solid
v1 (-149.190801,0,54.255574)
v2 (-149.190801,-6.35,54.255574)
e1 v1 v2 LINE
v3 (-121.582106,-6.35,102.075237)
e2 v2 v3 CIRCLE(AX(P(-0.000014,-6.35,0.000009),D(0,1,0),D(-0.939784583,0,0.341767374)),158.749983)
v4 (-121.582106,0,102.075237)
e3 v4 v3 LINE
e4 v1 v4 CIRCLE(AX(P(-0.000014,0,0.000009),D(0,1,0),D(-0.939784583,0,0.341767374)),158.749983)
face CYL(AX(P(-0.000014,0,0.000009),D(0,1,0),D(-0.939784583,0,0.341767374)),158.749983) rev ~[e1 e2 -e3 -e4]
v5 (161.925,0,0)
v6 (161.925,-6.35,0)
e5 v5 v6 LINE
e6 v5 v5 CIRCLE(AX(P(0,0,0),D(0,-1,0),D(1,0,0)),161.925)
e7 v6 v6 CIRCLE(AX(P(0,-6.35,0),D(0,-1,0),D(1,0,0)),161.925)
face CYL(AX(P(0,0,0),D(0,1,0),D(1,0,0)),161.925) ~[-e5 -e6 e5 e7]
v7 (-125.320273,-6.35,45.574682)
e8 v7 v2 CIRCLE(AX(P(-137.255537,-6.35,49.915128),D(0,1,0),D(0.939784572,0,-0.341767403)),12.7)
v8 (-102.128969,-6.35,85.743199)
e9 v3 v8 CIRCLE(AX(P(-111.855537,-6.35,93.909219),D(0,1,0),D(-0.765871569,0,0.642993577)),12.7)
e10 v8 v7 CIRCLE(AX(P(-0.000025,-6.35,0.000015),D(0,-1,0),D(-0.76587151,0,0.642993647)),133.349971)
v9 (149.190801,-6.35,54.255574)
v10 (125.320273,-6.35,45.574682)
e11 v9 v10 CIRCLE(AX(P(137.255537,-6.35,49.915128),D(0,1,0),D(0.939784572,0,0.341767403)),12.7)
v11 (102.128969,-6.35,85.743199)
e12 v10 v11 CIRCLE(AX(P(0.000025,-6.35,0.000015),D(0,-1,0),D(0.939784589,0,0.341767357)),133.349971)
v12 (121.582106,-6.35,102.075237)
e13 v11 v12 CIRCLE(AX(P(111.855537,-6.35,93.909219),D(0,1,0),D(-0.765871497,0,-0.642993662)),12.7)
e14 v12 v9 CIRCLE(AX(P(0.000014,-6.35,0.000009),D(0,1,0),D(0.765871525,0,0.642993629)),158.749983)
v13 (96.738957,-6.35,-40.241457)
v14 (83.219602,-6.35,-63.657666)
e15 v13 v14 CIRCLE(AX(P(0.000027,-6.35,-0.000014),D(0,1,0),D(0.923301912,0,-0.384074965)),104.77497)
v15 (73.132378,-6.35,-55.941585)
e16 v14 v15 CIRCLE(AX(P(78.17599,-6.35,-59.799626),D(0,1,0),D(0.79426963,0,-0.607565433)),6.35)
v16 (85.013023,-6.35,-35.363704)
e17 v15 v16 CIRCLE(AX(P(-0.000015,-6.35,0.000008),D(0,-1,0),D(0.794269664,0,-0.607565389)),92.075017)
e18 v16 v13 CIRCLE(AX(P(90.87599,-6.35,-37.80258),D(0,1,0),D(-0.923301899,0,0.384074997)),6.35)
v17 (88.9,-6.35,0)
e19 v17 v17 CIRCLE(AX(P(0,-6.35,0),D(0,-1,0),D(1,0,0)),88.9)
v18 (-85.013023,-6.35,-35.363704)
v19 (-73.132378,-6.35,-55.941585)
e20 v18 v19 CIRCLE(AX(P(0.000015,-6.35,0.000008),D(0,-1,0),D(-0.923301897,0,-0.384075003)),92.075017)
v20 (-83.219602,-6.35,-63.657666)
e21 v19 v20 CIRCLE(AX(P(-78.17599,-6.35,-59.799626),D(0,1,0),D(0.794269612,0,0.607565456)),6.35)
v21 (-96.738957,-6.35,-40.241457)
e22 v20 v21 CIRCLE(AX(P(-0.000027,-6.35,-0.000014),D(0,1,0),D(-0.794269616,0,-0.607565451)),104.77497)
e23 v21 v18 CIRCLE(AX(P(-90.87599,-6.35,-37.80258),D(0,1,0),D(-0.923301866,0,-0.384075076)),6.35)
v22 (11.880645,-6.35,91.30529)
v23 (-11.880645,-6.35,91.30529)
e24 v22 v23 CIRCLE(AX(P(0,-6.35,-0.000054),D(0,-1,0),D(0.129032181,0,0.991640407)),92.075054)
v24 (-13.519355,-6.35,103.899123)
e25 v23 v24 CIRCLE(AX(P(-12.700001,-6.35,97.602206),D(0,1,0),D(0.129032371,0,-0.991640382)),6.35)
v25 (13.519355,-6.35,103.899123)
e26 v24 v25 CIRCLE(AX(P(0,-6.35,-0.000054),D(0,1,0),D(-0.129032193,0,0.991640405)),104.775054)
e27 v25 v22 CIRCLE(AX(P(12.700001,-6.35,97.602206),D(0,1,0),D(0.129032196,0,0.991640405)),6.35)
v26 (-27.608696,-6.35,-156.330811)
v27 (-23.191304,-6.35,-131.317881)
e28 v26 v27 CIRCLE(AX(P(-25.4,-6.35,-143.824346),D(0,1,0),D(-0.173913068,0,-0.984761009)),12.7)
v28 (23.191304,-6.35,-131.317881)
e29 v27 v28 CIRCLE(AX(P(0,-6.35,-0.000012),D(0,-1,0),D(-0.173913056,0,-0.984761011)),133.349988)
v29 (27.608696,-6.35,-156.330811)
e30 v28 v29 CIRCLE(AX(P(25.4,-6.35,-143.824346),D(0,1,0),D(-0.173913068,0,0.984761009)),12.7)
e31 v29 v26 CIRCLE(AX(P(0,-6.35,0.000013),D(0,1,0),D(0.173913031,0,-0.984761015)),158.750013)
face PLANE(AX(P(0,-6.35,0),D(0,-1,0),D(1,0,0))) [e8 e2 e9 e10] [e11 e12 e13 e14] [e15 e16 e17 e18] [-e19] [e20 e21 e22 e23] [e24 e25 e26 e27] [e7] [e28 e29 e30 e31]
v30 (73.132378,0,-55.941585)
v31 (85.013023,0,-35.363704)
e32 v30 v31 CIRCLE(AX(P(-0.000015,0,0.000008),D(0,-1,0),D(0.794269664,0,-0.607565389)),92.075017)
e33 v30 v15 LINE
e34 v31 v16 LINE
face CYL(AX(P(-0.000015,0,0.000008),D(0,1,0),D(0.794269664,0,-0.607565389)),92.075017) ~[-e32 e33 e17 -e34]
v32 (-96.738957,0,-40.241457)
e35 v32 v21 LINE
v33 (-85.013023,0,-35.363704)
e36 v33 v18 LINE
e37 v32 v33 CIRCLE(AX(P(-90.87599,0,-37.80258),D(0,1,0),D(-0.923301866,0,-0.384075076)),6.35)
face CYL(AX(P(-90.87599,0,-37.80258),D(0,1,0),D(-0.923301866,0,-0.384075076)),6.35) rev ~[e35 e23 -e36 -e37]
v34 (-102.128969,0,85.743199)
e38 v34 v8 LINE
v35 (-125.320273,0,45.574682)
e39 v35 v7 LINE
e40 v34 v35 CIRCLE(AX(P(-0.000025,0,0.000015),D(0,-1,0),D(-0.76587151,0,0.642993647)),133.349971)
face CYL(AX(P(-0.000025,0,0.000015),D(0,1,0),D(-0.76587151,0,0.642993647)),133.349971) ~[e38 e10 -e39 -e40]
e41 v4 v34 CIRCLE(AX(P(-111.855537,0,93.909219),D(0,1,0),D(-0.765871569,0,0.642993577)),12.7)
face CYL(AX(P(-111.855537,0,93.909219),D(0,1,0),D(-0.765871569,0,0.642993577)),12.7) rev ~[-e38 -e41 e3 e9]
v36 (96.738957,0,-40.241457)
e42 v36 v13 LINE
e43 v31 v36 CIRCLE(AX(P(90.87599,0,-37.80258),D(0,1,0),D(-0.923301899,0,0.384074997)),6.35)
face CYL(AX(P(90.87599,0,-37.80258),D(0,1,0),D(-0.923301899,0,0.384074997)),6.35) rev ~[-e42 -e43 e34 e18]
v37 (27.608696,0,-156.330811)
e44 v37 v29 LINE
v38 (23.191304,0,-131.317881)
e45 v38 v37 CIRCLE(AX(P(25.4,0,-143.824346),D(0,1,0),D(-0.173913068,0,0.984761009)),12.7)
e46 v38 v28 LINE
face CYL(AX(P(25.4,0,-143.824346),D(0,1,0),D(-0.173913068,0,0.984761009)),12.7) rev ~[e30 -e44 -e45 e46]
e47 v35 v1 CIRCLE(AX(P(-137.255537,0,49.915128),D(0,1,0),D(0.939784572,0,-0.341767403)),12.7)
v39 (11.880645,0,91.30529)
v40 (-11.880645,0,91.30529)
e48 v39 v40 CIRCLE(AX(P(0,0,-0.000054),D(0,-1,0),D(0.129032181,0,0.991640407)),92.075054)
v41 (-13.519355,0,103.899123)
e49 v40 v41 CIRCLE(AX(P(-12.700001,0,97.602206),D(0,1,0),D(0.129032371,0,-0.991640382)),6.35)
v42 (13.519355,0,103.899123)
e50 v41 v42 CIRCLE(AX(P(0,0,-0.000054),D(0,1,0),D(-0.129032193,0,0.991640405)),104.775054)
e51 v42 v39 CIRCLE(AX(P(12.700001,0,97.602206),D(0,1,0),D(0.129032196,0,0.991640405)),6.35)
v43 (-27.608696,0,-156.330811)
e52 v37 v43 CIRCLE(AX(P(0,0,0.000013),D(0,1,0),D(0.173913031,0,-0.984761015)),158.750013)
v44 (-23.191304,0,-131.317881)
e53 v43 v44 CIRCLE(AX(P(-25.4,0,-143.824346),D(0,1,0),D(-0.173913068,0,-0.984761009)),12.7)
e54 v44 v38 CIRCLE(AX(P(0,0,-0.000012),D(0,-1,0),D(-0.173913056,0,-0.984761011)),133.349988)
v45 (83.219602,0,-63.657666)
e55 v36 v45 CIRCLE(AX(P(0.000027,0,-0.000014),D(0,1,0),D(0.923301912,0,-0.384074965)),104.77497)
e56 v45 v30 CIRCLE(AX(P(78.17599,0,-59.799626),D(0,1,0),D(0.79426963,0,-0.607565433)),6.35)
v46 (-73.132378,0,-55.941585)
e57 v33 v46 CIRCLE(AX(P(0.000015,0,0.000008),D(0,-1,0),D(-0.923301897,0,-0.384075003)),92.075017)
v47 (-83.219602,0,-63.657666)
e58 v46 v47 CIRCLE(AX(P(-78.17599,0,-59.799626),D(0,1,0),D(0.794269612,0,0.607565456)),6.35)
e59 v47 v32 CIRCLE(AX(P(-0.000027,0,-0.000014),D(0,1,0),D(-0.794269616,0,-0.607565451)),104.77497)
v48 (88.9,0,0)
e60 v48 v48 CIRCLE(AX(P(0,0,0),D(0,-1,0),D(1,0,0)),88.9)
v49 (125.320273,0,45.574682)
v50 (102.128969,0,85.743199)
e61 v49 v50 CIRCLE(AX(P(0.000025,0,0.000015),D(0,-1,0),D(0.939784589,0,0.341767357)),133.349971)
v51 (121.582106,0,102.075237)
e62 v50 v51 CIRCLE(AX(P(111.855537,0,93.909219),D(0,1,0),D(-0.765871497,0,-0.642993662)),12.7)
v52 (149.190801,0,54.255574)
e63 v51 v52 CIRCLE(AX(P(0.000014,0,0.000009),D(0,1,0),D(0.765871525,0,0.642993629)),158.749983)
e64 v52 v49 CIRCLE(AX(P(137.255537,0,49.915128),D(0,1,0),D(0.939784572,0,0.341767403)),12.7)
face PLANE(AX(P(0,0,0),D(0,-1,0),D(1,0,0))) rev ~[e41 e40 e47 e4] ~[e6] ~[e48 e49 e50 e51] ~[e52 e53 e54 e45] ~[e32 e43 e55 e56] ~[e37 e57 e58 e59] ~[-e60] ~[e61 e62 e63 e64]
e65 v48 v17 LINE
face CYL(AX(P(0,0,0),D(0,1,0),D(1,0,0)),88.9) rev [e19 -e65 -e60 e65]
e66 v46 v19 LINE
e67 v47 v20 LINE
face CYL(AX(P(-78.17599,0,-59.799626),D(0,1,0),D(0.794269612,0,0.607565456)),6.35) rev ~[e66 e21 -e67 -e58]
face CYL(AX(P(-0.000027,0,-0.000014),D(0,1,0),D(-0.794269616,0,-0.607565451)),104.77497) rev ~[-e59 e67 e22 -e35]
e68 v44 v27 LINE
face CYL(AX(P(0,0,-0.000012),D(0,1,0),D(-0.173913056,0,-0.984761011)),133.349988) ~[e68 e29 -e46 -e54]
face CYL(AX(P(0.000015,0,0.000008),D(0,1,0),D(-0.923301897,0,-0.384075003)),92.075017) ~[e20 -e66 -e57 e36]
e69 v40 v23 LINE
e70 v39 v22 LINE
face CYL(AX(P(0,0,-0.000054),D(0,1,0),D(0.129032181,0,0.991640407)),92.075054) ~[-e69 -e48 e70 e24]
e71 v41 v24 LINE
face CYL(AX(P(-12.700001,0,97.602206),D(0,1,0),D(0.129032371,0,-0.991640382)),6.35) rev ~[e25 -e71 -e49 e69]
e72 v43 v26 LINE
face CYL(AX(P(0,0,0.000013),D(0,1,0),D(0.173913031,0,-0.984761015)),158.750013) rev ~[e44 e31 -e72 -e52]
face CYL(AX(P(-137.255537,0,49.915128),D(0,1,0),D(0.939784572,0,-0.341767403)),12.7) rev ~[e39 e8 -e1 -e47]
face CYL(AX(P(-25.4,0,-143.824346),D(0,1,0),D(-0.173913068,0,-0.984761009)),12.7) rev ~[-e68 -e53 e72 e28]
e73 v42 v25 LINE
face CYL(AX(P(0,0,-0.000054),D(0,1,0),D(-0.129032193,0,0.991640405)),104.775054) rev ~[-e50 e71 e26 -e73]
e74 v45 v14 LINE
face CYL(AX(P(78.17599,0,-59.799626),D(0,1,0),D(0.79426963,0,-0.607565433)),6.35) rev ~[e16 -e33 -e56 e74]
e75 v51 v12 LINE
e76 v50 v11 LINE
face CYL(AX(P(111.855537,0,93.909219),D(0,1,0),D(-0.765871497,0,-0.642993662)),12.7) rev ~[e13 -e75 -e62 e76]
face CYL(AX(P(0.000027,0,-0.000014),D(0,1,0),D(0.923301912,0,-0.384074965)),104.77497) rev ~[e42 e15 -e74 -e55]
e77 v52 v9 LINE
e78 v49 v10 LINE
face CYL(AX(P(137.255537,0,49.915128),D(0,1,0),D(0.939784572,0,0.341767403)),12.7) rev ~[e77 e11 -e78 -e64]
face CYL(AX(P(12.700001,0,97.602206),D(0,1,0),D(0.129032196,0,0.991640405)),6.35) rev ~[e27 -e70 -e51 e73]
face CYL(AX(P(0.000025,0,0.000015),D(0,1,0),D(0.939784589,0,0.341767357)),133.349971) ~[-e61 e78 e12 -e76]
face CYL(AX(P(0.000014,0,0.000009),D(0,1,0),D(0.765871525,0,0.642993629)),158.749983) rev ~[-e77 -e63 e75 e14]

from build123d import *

# Parameters (mm, degrees)
F0_R     = 161.925
F0_R_2   = 88.9
F1_DEPTH = 6.35


with BuildPart() as f1:
    # F0 (on Front) → F1 (new body)
    with BuildSketch(Plane.XZ):
        Circle(F0_R)
        with BuildLine():
            ThreePointArc((27.608696, -156.330811), (0, -158.75), (-27.608696, -156.330811))
            ThreePointArc((-27.608696, -156.330811), (-37.906465, -141.61565), (-23.191304, -131.317881))
            ThreePointArc((-23.191304, -131.317881), (0, -133.35), (23.191304, -131.317881))
            ThreePointArc((23.191304, -131.317881), (37.906465, -141.61565), (27.608696, -156.330811))
        make_face(mode=Mode.SUBTRACT)
        with BuildLine():
            ThreePointArc((-83.219602, -63.657666), (-90.737812, -52.3875), (-96.738957, -40.241457))
            ThreePointArc((-96.738957, -40.241457), (-93.314866, -31.939613), (-85.013023, -35.363704))
            ThreePointArc((-85.013023, -35.363704), (-79.739289, -46.0375), (-73.132378, -55.941585))
            ThreePointArc((-73.132378, -55.941585), (-74.31795, -64.843238), (-83.219602, -63.657666))
        make_face(mode=Mode.SUBTRACT)
        with BuildLine():
            ThreePointArc((96.738957, -40.241457), (90.737812, -52.3875), (83.219602, -63.657666))
            ThreePointArc((83.219602, -63.657666), (74.31795, -64.843238), (73.132378, -55.941585))
            ThreePointArc((73.132378, -55.941585), (79.739289, -46.0375), (85.013023, -35.363704))
            ThreePointArc((85.013023, -35.363704), (93.314866, -31.939613), (96.738957, -40.241457))
        make_face(mode=Mode.SUBTRACT)
        with BuildLine():
            ThreePointArc((-149.190801, 54.255574), (-137.481533, 79.375), (-121.582106, 102.075237))
            ThreePointArc((-121.582106, 102.075237), (-103.689518, 103.635787), (-102.128969, 85.743199))
            ThreePointArc((-102.128969, 85.743199), (-115.484488, 66.675), (-125.320273, 45.574682))
            ThreePointArc((-125.320273, 45.574682), (-141.595983, 37.979864), (-149.190801, 54.255574))
        make_face(mode=Mode.SUBTRACT)
        Circle(F0_R_2, mode=Mode.SUBTRACT)
        with BuildLine():
            ThreePointArc((121.582106, 102.075237), (137.481533, 79.375), (149.190801, 54.255574))
            ThreePointArc((149.190801, 54.255574), (141.595983, 37.979864), (125.320273, 45.574682))
            ThreePointArc((125.320273, 45.574682), (115.484488, 66.675), (102.128969, 85.743199))
            ThreePointArc((102.128969, 85.743199), (103.689518, 103.635787), (121.582106, 102.075237))
        make_face(mode=Mode.SUBTRACT)
        with BuildLine():
            ThreePointArc((-11.880645, 91.30529), (-18.996917, 96.782851), (-13.519355, 103.899123))
            ThreePointArc((-13.519355, 103.899123), (0, 104.775), (13.519355, 103.899123))
            ThreePointArc((13.519355, 103.899123), (18.996917, 96.782851), (11.880645, 91.30529))
            ThreePointArc((11.880645, 91.30529), (0, 92.075), (-11.880645, 91.30529))
        make_face(mode=Mode.SUBTRACT)
    extrude(amount=F1_DEPTH)


solid = f1.part
